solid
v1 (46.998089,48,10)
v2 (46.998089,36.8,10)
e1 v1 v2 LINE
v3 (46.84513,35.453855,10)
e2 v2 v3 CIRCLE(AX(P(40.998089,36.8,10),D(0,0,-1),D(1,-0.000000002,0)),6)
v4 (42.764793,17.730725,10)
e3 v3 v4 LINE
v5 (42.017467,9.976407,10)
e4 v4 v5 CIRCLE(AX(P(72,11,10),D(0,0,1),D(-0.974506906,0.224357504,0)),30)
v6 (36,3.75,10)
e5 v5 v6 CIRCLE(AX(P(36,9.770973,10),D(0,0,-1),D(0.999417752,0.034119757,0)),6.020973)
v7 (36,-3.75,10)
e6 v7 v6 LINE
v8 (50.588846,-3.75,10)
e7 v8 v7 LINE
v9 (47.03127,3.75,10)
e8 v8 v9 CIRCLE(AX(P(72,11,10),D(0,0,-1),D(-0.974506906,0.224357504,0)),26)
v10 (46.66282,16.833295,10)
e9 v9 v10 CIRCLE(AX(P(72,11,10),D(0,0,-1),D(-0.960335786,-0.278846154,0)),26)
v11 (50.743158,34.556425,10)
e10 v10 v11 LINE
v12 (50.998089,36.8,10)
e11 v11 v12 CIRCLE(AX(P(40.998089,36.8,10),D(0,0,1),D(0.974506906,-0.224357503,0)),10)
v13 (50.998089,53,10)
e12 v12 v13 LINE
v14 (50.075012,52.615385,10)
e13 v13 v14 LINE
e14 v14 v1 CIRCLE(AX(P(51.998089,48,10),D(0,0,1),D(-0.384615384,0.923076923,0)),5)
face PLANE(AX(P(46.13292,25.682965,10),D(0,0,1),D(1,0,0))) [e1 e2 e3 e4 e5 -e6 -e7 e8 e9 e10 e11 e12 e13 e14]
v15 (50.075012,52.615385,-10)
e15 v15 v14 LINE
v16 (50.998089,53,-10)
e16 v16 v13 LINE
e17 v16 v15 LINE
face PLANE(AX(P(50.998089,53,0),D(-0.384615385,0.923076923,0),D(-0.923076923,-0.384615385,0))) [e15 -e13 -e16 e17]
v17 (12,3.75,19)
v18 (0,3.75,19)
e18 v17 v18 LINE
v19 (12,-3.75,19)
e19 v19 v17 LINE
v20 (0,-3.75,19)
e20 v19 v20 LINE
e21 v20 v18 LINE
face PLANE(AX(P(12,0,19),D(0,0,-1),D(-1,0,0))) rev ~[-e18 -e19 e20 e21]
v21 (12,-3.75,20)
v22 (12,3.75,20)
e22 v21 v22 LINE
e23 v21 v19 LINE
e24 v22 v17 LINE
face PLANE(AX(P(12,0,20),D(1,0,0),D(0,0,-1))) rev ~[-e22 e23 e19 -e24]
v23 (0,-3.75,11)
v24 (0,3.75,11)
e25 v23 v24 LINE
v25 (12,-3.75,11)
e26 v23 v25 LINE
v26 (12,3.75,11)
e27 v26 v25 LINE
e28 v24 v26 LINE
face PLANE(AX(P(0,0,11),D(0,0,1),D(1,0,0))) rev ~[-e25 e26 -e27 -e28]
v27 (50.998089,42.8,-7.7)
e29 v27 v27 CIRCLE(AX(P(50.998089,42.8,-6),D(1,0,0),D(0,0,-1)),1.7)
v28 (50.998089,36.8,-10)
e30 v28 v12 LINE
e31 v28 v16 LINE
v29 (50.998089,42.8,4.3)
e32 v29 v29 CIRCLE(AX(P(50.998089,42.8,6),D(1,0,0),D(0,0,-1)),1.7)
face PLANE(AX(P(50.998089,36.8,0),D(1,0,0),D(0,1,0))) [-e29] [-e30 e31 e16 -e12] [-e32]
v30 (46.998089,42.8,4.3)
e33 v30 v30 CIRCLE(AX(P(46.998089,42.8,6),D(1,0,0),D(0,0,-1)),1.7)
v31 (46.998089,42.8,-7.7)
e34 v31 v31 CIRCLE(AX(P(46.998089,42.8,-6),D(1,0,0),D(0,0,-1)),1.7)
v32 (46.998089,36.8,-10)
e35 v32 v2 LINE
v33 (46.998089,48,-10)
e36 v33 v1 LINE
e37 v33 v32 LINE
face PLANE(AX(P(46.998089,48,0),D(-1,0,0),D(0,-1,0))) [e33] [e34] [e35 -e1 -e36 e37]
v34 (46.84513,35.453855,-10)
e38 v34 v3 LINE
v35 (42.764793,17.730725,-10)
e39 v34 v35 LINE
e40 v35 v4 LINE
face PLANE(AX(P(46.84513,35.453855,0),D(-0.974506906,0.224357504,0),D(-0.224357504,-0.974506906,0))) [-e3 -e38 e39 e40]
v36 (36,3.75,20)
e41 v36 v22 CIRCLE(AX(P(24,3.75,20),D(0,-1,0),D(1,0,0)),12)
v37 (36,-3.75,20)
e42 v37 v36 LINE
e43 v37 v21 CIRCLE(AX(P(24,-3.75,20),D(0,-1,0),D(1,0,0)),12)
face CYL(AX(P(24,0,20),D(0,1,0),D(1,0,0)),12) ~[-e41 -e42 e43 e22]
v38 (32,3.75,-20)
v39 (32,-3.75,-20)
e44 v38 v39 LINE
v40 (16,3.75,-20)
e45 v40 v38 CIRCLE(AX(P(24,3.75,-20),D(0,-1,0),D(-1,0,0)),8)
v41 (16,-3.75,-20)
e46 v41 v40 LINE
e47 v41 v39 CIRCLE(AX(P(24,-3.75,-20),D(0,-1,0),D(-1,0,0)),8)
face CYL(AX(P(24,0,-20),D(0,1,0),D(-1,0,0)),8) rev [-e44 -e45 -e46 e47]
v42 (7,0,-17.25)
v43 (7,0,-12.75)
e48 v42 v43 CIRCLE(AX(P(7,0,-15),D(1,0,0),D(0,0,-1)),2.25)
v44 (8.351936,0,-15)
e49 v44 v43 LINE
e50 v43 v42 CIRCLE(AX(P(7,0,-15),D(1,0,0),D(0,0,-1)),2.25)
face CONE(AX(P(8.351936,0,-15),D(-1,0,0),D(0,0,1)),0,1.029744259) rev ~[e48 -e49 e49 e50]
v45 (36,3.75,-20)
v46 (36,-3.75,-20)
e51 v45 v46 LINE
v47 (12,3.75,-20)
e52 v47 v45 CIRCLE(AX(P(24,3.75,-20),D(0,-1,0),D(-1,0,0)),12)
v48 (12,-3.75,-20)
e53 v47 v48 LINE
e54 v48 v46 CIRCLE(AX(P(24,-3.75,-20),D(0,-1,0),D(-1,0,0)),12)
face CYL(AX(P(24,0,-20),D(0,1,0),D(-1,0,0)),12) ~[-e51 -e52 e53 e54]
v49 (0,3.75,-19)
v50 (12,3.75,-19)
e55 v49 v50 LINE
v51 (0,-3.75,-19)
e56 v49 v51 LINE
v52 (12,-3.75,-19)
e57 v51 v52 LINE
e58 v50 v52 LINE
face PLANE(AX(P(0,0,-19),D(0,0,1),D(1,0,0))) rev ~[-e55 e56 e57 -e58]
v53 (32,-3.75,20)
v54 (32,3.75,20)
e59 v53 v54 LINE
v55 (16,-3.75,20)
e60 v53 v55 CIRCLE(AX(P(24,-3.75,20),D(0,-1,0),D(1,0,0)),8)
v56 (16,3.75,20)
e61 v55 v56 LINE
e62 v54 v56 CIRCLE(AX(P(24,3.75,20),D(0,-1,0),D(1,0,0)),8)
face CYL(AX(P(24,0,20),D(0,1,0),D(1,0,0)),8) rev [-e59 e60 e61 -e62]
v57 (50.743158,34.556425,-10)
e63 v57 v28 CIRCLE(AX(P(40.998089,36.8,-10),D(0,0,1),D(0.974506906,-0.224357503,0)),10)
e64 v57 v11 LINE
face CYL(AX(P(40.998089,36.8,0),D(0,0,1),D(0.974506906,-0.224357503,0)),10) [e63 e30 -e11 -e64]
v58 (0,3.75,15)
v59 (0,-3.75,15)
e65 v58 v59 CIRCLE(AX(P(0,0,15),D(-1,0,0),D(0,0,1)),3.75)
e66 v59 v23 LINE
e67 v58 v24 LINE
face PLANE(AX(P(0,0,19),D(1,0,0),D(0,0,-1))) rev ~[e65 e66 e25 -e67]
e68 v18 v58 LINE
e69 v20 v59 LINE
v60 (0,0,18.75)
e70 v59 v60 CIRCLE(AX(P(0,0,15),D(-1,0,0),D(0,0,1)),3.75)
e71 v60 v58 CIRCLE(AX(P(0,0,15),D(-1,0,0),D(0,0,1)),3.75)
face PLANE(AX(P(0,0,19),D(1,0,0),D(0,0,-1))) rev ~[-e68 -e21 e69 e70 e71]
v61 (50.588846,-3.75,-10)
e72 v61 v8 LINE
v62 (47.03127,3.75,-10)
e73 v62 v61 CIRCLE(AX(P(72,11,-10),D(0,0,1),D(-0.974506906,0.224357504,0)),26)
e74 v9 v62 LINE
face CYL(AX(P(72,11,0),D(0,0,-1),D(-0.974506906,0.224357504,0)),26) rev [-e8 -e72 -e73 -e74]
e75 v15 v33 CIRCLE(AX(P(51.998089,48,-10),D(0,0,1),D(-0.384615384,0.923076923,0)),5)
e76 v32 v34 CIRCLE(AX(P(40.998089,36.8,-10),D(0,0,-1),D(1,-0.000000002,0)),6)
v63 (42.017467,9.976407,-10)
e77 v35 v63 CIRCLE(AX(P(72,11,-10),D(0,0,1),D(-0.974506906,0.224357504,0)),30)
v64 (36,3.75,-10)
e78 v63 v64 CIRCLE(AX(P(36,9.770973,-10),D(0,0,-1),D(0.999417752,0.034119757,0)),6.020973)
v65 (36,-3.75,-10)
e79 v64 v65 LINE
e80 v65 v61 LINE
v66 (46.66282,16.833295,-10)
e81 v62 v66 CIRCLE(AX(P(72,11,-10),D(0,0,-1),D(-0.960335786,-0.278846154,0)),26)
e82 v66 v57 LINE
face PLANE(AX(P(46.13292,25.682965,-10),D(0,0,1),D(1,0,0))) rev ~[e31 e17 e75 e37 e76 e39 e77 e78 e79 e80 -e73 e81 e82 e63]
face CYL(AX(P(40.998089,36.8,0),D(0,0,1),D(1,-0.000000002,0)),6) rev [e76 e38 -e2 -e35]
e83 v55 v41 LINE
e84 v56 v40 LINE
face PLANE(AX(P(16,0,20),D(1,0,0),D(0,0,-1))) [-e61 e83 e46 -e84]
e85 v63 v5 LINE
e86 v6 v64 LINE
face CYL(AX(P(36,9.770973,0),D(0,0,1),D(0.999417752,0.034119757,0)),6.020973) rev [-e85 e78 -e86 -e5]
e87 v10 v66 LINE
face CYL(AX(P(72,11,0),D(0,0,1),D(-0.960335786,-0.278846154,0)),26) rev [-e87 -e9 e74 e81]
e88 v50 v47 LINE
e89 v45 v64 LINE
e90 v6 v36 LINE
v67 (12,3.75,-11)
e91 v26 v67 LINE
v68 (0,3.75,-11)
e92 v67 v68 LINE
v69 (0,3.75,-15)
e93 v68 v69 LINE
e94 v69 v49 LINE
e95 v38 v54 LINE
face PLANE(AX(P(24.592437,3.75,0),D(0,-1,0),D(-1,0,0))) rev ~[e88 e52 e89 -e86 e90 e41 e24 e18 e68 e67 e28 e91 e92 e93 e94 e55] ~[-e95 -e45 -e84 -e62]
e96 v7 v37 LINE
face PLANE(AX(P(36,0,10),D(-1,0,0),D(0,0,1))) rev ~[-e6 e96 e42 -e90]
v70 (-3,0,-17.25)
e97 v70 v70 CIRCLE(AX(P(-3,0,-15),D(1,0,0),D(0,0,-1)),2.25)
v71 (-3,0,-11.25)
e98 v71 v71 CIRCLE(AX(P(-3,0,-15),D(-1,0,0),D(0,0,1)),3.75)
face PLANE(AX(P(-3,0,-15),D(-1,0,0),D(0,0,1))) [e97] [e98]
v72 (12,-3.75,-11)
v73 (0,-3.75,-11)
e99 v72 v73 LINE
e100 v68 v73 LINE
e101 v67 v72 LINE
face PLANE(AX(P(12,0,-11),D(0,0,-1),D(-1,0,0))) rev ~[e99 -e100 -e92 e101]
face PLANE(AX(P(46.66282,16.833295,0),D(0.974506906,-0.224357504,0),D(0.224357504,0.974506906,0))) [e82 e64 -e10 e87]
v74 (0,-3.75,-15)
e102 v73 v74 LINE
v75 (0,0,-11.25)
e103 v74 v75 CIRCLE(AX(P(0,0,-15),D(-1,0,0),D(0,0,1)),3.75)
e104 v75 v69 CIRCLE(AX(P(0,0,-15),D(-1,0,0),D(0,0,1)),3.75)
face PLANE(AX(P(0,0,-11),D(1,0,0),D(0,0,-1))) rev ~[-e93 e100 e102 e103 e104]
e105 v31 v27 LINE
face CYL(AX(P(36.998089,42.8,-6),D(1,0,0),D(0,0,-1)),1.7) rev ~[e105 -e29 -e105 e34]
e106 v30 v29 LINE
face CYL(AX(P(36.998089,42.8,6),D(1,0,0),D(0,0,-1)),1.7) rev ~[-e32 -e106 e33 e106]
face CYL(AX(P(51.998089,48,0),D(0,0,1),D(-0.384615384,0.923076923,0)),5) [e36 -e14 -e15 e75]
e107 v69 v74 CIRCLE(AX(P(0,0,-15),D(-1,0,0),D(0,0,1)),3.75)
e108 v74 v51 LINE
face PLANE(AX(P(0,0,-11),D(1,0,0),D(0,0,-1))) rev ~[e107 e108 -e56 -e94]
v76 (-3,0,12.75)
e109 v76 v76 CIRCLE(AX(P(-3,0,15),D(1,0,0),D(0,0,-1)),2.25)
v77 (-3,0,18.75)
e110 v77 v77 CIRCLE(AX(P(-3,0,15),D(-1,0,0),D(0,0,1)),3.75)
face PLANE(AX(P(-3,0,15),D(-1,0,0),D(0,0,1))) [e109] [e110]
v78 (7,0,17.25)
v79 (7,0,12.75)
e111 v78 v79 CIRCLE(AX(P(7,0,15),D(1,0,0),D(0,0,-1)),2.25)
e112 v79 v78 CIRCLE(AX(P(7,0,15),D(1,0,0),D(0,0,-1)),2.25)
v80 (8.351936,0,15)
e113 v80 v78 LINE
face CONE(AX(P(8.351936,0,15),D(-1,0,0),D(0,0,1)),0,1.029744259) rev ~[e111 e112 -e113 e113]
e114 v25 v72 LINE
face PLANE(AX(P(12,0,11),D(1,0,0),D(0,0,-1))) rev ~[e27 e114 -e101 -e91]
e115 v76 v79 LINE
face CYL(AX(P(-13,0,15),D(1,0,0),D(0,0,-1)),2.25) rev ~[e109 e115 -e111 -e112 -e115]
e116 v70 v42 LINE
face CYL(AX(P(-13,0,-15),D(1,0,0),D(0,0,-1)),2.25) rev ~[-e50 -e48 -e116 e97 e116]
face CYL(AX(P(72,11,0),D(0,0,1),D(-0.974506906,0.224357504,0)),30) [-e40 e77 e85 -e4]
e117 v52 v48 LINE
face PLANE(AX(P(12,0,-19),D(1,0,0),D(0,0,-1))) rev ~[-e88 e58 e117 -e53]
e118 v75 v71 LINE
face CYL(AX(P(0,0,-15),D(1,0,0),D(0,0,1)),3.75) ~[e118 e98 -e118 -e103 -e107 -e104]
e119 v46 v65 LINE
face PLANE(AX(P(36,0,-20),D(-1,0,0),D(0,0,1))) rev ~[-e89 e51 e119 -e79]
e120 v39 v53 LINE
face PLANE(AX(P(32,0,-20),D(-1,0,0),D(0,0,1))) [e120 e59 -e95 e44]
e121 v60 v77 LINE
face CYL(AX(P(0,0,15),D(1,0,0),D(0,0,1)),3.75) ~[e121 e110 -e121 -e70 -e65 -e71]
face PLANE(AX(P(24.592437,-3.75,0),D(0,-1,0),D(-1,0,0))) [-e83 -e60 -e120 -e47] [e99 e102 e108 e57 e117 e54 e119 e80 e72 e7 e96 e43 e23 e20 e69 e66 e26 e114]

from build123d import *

# Parameters (mm, degrees)
BOSS_EXTRUDE1_DEPTH      = 3.75
SKETCH2_R                = 3.75
BOSS_EXTRUDE2_DEPTH      = 3
M4_CLEARANCE_HOLE1_D     = 4.5
M4_CLEARANCE_HOLE1_DEPTH = 10
M4_CLEARANCE_HOLE1_TIP   = 1.351936393
CUT_EXTRUDE1_DEPTH       = 33
CUT_EXTRUDE1_DEPTH_BACK  = 33
BOSS_EXTRUDE3_DEPTH      = 10
M3_CLEARANCE_HOLE1_D     = 3.4
M3_CLEARANCE_HOLE1_DEPTH = 10
M3_CLEARANCE_HOLE1_TIP   = 1.021463052


with BuildPart() as part:
    # Sketch1 → Boss-Extrude1 (new body, symmetric)
    with BuildSketch(Plane(origin=(0, 0, 0), x_dir=(1, 0, 0), z_dir=(0, 1, 0))):
        with BuildLine():
            Line((0, -11), (12, -11))
            Line((12, -11), (12, 11))
            Line((12, 11), (0, 11))
            Line((0, 11), (0, 19))
            Line((0, 19), (12, 19))
            Line((12, 19), (12, 20))
            ThreePointArc((12, 20), (24, 32), (36, 20))
            Line((36, 20), (36, 10))
            Line((36, 10), (55, 10))
            Line((55, 10), (55, -10))
            Line((55, -10), (36, -10))
            Line((36, -10), (36, -20))
            ThreePointArc((36, -20), (24, -32), (12, -20))
            Line((12, -20), (12, -19))
            Line((12, -19), (0, -19))
            Line((0, -19), (0, -11))
        make_face()
        with BuildLine():
            Line((32, 20), (32, -20))
            ThreePointArc((32, -20), (24, -28), (16, -20))
            Line((16, -20), (16, 20))
            ThreePointArc((16, 20), (24, 28), (32, 20))
        make_face(mode=Mode.SUBTRACT)
    extrude(amount=BOSS_EXTRUDE1_DEPTH, both=True)

    # Sketch2 → Boss-Extrude2 (add)
    with BuildSketch(Plane.ZY):
        with Locations((-15, 0)):
            Circle(SKETCH2_R)
        with Locations((15, 0)):
            Circle(SKETCH2_R)
    extrude(amount=BOSS_EXTRUDE2_DEPTH)

    # M4 Clearance Hole1
    with Locations(Plane.ZY.offset(3)):
        with Locations((-15, 0), (15, 0)):
            Hole(M4_CLEARANCE_HOLE1_D / 2, depth=M4_CLEARANCE_HOLE1_DEPTH)
            with Locations((0, 0, -(M4_CLEARANCE_HOLE1_DEPTH + M4_CLEARANCE_HOLE1_TIP / 2))):  # 118° drill point
                Cone(0, M4_CLEARANCE_HOLE1_D / 2, M4_CLEARANCE_HOLE1_TIP, mode=Mode.SUBTRACT)

    # Sketch6 → Cut-Extrude1 (cut, two sides)
    with BuildSketch(Plane.XY) as cut_extrude1_sk:
        with BuildLine():
            Line((53.548387097, -7.31769585), (58.512723929, -6.476790348))
            Line((58.512723929, -6.476790348), (58.512723929, 16.833295116))
            Line((58.512723929, 16.833295116), (46.662820439, 16.833295116))
            ThreePointArc((46.662820439, 16.833295116), (46.996356715, 3.87133796), (53.548387097, -7.31769585))
        make_face()
    extrude(amount=CUT_EXTRUDE1_DEPTH, mode=Mode.SUBTRACT)
    extrude(cut_extrude1_sk.sketch, amount=-CUT_EXTRUDE1_DEPTH_BACK, mode=Mode.SUBTRACT)

    # Sketch7 → Boss-Extrude3 (add, symmetric)
    with BuildSketch(Plane.XY):
        with BuildLine():
            Line((46.662820439, 16.833295116), (50.743158051, 34.556424956))
            ThreePointArc((50.743158051, 34.556424956), (50.934151856, 35.670993937), (50.998088989, 36.8))
            Line((50.998088989, 36.8), (50.998088989, 53))
            Line((50.998088989, 53), (50.075012066, 52.615384615))
            ThreePointArc((50.075012066, 52.615384615), (47.837837517, 50.773500981), (46.998088989, 48))
            Line((46.998088989, 48), (46.998088989, 36.8))
            ThreePointArc((46.998088989, 36.8), (46.959726709, 36.122596362), (46.845130426, 35.453854973))
            Line((46.845130426, 35.453854973), (42.764792814, 17.730725133))
            ThreePointArc((42.764792814, 17.730725133), (42.138360124, 13.877927021), (42.017467452, 9.976407294))
            ThreePointArc((42.017467452, 9.976407294), (40.329493687, 5.586764491), (36, 3.75))
            Line((36, 3.75), (47.031269556, 3.75))
            ThreePointArc((47.031269556, 3.75), (46.010304001, 10.268083427), (46.662820439, 16.833295116))
        make_face()
    extrude(amount=BOSS_EXTRUDE3_DEPTH, both=True)

    # M3 Clearance Hole1
    with Locations(Plane.ZY.offset(-46.998088989)):
        with Locations((-6, 42.8), (6, 42.8)):
            Hole(M3_CLEARANCE_HOLE1_D / 2, depth=M3_CLEARANCE_HOLE1_DEPTH)
            with Locations((0, 0, -(M3_CLEARANCE_HOLE1_DEPTH + M3_CLEARANCE_HOLE1_TIP / 2))):  # 118° drill point
                Cone(0, M3_CLEARANCE_HOLE1_D / 2, M3_CLEARANCE_HOLE1_TIP, mode=Mode.SUBTRACT)


solid = part.part
